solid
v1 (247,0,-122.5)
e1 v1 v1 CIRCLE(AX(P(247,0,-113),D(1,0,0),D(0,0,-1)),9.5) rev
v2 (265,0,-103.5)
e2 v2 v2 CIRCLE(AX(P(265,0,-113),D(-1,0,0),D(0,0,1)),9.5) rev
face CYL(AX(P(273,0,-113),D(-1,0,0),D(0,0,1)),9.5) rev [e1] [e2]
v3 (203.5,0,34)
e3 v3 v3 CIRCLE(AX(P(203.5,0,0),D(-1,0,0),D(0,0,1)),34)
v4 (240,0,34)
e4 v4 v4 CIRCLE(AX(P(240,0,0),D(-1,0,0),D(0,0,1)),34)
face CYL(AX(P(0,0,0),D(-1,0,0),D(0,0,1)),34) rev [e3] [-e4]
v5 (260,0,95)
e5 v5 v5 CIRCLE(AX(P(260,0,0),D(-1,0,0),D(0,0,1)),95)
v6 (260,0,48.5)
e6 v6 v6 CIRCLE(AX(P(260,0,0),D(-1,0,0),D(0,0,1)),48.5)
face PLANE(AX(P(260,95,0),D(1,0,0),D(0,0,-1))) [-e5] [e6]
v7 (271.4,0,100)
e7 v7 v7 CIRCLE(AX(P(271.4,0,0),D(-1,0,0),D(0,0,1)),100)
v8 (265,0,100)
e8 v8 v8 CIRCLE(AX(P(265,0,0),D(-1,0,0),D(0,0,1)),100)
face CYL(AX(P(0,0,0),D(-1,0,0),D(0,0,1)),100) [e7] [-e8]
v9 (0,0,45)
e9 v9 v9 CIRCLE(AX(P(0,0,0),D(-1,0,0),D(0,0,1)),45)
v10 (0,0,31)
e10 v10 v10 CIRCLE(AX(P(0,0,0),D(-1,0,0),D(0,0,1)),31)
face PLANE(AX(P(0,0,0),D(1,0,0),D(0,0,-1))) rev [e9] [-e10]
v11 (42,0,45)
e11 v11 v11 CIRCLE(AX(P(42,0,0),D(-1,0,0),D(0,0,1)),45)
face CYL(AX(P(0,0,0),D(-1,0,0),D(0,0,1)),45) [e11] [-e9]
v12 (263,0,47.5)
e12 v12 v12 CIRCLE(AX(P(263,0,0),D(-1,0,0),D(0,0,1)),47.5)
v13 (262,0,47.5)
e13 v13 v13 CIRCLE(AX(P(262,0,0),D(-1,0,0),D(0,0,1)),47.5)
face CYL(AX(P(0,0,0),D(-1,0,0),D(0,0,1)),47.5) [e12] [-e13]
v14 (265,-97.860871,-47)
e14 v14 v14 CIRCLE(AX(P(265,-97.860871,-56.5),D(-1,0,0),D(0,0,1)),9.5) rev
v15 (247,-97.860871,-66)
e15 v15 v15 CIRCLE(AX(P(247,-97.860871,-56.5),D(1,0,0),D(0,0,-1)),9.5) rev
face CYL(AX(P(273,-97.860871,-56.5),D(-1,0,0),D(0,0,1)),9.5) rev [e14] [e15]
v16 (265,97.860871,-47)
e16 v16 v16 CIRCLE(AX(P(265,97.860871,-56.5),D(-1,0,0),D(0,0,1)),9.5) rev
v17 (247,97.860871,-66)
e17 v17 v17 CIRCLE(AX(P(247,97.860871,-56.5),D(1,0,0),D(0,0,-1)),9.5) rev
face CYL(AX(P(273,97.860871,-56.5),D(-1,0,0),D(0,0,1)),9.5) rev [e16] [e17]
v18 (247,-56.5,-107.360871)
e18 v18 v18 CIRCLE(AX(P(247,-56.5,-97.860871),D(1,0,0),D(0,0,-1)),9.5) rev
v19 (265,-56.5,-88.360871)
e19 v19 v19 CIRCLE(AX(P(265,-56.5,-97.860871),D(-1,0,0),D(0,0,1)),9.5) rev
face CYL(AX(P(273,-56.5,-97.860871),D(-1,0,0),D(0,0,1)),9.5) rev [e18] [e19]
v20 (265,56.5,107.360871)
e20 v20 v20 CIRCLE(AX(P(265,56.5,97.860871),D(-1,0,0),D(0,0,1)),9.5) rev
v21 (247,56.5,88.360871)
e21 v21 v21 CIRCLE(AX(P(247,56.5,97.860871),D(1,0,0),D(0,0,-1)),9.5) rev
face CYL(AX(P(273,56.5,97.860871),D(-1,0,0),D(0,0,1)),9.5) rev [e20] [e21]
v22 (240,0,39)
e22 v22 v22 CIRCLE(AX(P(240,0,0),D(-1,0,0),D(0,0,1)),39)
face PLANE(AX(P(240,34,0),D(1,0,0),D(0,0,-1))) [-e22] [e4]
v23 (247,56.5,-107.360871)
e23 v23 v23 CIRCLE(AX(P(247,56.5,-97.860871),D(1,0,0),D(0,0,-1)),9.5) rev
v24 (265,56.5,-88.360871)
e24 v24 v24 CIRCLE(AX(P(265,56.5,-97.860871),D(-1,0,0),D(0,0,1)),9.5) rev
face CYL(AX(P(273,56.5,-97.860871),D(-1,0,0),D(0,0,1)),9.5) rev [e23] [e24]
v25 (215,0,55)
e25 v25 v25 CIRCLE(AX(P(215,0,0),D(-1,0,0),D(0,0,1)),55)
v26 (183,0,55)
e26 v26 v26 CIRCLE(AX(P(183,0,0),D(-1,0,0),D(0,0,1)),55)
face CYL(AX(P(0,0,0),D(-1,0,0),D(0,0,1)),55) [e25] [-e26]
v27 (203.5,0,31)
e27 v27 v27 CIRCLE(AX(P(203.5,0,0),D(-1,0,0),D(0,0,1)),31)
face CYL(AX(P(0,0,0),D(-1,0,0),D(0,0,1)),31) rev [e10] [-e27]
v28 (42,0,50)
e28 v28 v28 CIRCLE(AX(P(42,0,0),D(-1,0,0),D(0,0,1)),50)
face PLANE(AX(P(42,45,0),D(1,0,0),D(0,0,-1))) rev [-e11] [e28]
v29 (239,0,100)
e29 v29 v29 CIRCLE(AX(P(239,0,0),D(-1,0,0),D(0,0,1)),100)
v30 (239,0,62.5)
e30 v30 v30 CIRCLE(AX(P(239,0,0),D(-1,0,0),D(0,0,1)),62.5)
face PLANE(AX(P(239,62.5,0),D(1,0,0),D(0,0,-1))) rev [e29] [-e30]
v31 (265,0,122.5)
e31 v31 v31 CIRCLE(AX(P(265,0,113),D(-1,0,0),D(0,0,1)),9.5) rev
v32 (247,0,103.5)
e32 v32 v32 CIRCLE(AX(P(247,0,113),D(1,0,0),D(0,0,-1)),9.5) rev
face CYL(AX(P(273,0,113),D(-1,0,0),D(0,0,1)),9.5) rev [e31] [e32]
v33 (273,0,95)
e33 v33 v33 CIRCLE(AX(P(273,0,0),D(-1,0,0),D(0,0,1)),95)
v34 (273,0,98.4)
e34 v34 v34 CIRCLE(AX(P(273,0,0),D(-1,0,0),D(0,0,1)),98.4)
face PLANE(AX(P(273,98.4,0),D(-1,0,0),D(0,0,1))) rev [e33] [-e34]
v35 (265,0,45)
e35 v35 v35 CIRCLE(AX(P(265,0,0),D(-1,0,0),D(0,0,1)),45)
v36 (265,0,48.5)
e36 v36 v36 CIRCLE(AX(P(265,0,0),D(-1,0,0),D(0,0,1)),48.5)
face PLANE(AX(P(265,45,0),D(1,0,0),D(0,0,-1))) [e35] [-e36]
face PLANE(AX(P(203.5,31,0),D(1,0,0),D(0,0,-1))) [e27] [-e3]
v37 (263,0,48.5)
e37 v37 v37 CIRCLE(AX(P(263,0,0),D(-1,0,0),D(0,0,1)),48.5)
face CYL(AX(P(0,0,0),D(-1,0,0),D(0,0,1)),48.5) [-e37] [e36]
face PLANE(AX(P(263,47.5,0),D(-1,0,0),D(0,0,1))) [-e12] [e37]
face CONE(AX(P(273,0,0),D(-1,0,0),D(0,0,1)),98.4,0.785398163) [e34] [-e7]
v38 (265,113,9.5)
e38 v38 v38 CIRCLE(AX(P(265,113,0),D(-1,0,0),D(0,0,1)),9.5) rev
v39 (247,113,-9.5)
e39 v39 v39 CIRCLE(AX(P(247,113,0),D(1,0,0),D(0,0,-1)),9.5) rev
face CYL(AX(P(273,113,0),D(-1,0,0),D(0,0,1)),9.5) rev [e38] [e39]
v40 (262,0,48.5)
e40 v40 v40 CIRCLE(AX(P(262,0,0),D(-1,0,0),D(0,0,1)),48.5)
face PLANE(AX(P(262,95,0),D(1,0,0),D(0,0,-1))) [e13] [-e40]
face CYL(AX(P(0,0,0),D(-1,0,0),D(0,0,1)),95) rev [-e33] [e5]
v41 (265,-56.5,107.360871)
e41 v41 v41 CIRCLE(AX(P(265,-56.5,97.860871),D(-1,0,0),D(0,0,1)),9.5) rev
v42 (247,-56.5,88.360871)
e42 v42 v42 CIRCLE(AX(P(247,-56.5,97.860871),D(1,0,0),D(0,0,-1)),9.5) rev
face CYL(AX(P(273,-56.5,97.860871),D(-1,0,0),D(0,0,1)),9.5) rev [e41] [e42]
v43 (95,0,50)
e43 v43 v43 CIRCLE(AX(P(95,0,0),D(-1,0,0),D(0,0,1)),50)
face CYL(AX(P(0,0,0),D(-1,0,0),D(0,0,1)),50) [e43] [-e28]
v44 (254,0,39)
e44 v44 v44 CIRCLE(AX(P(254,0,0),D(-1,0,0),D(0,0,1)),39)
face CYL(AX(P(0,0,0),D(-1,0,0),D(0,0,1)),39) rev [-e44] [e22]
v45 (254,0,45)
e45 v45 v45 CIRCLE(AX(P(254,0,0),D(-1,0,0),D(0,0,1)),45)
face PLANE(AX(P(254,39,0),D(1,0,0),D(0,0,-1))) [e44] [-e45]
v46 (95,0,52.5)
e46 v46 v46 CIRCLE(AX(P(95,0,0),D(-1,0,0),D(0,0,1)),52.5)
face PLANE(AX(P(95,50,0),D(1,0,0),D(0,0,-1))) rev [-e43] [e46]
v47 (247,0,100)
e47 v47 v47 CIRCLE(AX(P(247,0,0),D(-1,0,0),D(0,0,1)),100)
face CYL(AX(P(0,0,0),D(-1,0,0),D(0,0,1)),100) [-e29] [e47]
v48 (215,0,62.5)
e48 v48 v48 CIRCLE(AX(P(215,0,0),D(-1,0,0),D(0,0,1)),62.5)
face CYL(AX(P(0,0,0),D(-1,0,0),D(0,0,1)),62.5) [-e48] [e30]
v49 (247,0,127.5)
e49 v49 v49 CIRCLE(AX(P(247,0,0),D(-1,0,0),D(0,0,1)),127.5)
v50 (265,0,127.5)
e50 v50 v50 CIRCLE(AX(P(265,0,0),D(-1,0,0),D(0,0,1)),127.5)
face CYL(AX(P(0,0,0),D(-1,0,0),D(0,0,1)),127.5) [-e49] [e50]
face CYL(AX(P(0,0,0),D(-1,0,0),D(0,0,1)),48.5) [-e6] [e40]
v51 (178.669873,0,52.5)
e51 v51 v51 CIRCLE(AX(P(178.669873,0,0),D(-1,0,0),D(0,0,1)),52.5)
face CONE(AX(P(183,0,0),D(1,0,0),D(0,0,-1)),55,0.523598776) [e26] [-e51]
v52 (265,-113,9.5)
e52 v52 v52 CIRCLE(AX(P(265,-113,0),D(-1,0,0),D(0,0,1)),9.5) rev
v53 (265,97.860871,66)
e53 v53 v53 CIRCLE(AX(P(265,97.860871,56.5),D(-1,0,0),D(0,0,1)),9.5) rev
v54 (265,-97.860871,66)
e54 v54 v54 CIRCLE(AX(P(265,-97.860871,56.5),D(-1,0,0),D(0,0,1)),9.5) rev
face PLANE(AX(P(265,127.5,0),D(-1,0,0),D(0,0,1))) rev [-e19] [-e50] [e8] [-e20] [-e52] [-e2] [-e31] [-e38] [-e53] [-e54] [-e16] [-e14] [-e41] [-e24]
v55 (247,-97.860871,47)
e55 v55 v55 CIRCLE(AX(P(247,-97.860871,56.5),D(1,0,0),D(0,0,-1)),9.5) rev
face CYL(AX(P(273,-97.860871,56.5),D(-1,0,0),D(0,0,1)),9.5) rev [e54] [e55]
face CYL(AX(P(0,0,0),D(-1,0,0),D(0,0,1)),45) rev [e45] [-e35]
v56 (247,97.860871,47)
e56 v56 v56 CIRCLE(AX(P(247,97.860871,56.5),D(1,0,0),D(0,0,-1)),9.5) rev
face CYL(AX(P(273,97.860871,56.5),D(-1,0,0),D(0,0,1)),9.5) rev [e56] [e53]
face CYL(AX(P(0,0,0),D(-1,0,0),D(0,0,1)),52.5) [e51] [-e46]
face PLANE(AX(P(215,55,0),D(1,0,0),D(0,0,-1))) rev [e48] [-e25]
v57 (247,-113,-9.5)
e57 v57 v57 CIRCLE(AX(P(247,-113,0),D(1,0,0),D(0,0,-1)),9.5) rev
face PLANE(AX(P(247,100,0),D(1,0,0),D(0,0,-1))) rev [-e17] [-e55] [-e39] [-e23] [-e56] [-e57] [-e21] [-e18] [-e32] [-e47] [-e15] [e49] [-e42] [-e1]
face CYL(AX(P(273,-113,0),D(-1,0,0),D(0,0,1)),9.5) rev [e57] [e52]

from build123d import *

# Parameters (mm, degrees)
SKETCH_3_W           = 2
SKETCH_3_H           = 46.5
SKETCH_4_W           = 1
SKETCH_4_H           = 47.5
SKETCH_5_W           = 2
SKETCH_5_H           = 46.5
SKETCH_6_R           = 9.5
CUT_EXTRUDE_1_DEPTH  = 328.171973127
SKETCH_7_R           = 9.5
CUT_EXTRUDE_2_DEPTH  = 328.171973127
SKETCH_8_R           = 9.5
CUT_EXTRUDE_3_DEPTH  = 328.171973127
SKETCH_9_R           = 9.5
CUT_EXTRUDE_4_DEPTH  = 328.171973127
SKETCH_10_R          = 9.5
CUT_EXTRUDE_5_DEPTH  = 328.171973127
SKETCH_11_R          = 9.5
CUT_EXTRUDE_6_DEPTH  = 328.171973127
SKETCH_12_R          = 9.5
CUT_EXTRUDE_7_DEPTH  = 328.171973127
SKETCH_13_R          = 9.5
CUT_EXTRUDE_8_DEPTH  = 328.171973127
SKETCH_14_R          = 9.5
CUT_EXTRUDE_9_DEPTH  = 328.171973127
SKETCH_15_R          = 9.5
CUT_EXTRUDE_10_DEPTH = 328.171973127
SKETCH_16_R          = 9.5
CUT_EXTRUDE_11_DEPTH = 328.171973127
SKETCH_17_R          = 9.5
CUT_EXTRUDE_12_DEPTH = 328.171973127


with BuildPart() as part:
    # Эскиз1 → Повернуть1 (revolve)
    with BuildSketch(Plane.XY, mode=Mode.PRIVATE) as revolve_1_sk:
        Polygon((0, 0), (273, 0), (273, 98.4), (271.4, 100), (265, 100), (265, 127.5), (247, 127.5), (247, 100), (239, 100), (239, 62.5), (215, 62.5), (215, 55), (183, 55), (178.669872981, 52.5), (95, 52.5), (95, 50), (42, 50), (42, 45), (0, 45), align=None)
    revolve(revolve_1_sk.sketch.rotate(Axis((0, 0, 0), (1, 0, 0)), 90), axis=Axis((0, 0, 0), (1, 0, 0)))

    # Эскиз2 → Вырез-Повернуть1 (revolve, cut)
    with BuildSketch(Plane.XY, mode=Mode.PRIVATE) as cut_revolve_1_sk:
        Polygon((0, 0), (273, 0), (273, 95), (265, 95), (265, 45), (254, 45), (254, 39), (240, 39), (240, 34), (203.5, 34), (203.5, 31), (0, 31), align=None)
    revolve(cut_revolve_1_sk.sketch.rotate(Axis((0, 0, 0), (1, 0, 0)), 90), axis=Axis((0, 0, 0), (1, 0, 0)), mode=Mode.SUBTRACT)

    # Эскиз3 → Rear_recess_left (revolve, cut)
    with BuildSketch(Plane.XY, mode=Mode.PRIVATE) as rear_recess_left_sk:
        with Locations((261, 71.75)):
            Rectangle(SKETCH_3_W, SKETCH_3_H)
    revolve(rear_recess_left_sk.sketch.rotate(Axis((0, 0, 0), (1, 0, 0)), 90), axis=Axis((0, 0, 0), (1, 0, 0)), mode=Mode.SUBTRACT)

    # Эскиз4 → Collar_groove_nominal (revolve, cut)
    with BuildSketch(Plane.XY, mode=Mode.PRIVATE) as collar_groove_nominal_sk:
        with Locations((262.5, 71.25)):
            Rectangle(SKETCH_4_W, SKETCH_4_H)
    revolve(collar_groove_nominal_sk.sketch.rotate(Axis((0, 0, 0), (1, 0, 0)), 90), axis=Axis((0, 0, 0), (1, 0, 0)), mode=Mode.SUBTRACT)

    # Эскиз5 → Rear_recess_lip (revolve, cut)
    with BuildSketch(Plane.XY, mode=Mode.PRIVATE) as rear_recess_lip_sk:
        with Locations((264, 71.75)):
            Rectangle(SKETCH_5_W, SKETCH_5_H)
    revolve(rear_recess_lip_sk.sketch.rotate(Axis((0, 0, 0), (1, 0, 0)), 90), axis=Axis((0, 0, 0), (1, 0, 0)), mode=Mode.SUBTRACT)

    # Эскиз6 → Вырез-Вытянуть1 (cut, through all)
    with BuildSketch(Plane(origin=(0, 0, 0), x_dir=(0, 0, -1), z_dir=(1, 0, 0))):
        with Locations(Location((0, 113, 0), (0, 0, 180))):
            Circle(SKETCH_6_R)
    extrude(amount=CUT_EXTRUDE_1_DEPTH, mode=Mode.SUBTRACT)

    # Эскиз7 → Вырез-Вытянуть2 (cut, through all)
    with BuildSketch(Plane(origin=(0, 0, 0), x_dir=(0, 0, -1), z_dir=(1, 0, 0))):
        with Locations(Location((-56.5, 97.860870628, 0), (0, 0, 180))):
            Circle(SKETCH_7_R)
    extrude(amount=CUT_EXTRUDE_2_DEPTH, mode=Mode.SUBTRACT)

    # Эскиз8 → Вырез-Вытянуть3 (cut, through all)
    with BuildSketch(Plane(origin=(0, 0, 0), x_dir=(0, 0, -1), z_dir=(1, 0, 0))):
        with Locations(Location((-97.860870628, 56.5, 0), (0, 0, 180))):
            Circle(SKETCH_8_R)
    extrude(amount=CUT_EXTRUDE_3_DEPTH, mode=Mode.SUBTRACT)

    # Эскиз9 → Вырез-Вытянуть4 (cut, through all)
    with BuildSketch(Plane(origin=(0, 0, 0), x_dir=(0, 0, -1), z_dir=(1, 0, 0))):
        with Locations(Location((-113, 0, 0), (0, 0, 180))):
            Circle(SKETCH_9_R)
    extrude(amount=CUT_EXTRUDE_4_DEPTH, mode=Mode.SUBTRACT)

    # Эскиз10 → Вырез-Вытянуть5 (cut, through all)
    with BuildSketch(Plane(origin=(0, 0, 0), x_dir=(0, 0, -1), z_dir=(1, 0, 0))):
        with Locations(Location((-97.860870628, -56.5, 0), (0, 0, 180))):
            Circle(SKETCH_10_R)
    extrude(amount=CUT_EXTRUDE_5_DEPTH, mode=Mode.SUBTRACT)

    # Эскиз11 → Вырез-Вытянуть6 (cut, through all)
    with BuildSketch(Plane(origin=(0, 0, 0), x_dir=(0, 0, -1), z_dir=(1, 0, 0))):
        with Locations(Location((-56.5, -97.860870628, 0), (0, 0, 180))):
            Circle(SKETCH_11_R)
    extrude(amount=CUT_EXTRUDE_6_DEPTH, mode=Mode.SUBTRACT)

    # Эскиз12 → Вырез-Вытянуть7 (cut, through all)
    with BuildSketch(Plane(origin=(0, 0, 0), x_dir=(0, 0, -1), z_dir=(1, 0, 0))):
        with Locations(Location((0, -113, 0), (0, 0, 180))):
            Circle(SKETCH_12_R)
    extrude(amount=CUT_EXTRUDE_7_DEPTH, mode=Mode.SUBTRACT)

    # Эскиз13 → Вырез-Вытянуть8 (cut, through all)
    with BuildSketch(Plane(origin=(0, 0, 0), x_dir=(0, 0, -1), z_dir=(1, 0, 0))):
        with Locations(Location((56.5, -97.860870628, 0), (0, 0, 180))):
            Circle(SKETCH_13_R)
    extrude(amount=CUT_EXTRUDE_8_DEPTH, mode=Mode.SUBTRACT)

    # Эскиз14 → Вырез-Вытянуть9 (cut, through all)
    with BuildSketch(Plane(origin=(0, 0, 0), x_dir=(0, 0, -1), z_dir=(1, 0, 0))):
        with Locations(Location((97.860870628, -56.5, 0), (0, 0, 180))):
            Circle(SKETCH_14_R)
    extrude(amount=CUT_EXTRUDE_9_DEPTH, mode=Mode.SUBTRACT)

    # Эскиз15 → Вырез-Вытянуть10 (cut, through all)
    with BuildSketch(Plane(origin=(0, 0, 0), x_dir=(0, 0, -1), z_dir=(1, 0, 0))):
        with Locations(Location((113, 0, 0), (0, 0, 180))):
            Circle(SKETCH_15_R)
    extrude(amount=CUT_EXTRUDE_10_DEPTH, mode=Mode.SUBTRACT)

    # Эскиз16 → Вырез-Вытянуть11 (cut, through all)
    with BuildSketch(Plane(origin=(0, 0, 0), x_dir=(0, 0, -1), z_dir=(1, 0, 0))):
        with Locations(Location((97.860870628, 56.5, 0), (0, 0, 180))):
            Circle(SKETCH_16_R)
    extrude(amount=CUT_EXTRUDE_11_DEPTH, mode=Mode.SUBTRACT)

    # Эскиз17 → Вырез-Вытянуть12 (cut, through all)
    with BuildSketch(Plane(origin=(0, 0, 0), x_dir=(0, 0, -1), z_dir=(1, 0, 0))):
        with Locations(Location((56.5, 97.860870628, 0), (0, 0, 180))):
            Circle(SKETCH_17_R)
    extrude(amount=CUT_EXTRUDE_12_DEPTH, mode=Mode.SUBTRACT)


solid = part.part
